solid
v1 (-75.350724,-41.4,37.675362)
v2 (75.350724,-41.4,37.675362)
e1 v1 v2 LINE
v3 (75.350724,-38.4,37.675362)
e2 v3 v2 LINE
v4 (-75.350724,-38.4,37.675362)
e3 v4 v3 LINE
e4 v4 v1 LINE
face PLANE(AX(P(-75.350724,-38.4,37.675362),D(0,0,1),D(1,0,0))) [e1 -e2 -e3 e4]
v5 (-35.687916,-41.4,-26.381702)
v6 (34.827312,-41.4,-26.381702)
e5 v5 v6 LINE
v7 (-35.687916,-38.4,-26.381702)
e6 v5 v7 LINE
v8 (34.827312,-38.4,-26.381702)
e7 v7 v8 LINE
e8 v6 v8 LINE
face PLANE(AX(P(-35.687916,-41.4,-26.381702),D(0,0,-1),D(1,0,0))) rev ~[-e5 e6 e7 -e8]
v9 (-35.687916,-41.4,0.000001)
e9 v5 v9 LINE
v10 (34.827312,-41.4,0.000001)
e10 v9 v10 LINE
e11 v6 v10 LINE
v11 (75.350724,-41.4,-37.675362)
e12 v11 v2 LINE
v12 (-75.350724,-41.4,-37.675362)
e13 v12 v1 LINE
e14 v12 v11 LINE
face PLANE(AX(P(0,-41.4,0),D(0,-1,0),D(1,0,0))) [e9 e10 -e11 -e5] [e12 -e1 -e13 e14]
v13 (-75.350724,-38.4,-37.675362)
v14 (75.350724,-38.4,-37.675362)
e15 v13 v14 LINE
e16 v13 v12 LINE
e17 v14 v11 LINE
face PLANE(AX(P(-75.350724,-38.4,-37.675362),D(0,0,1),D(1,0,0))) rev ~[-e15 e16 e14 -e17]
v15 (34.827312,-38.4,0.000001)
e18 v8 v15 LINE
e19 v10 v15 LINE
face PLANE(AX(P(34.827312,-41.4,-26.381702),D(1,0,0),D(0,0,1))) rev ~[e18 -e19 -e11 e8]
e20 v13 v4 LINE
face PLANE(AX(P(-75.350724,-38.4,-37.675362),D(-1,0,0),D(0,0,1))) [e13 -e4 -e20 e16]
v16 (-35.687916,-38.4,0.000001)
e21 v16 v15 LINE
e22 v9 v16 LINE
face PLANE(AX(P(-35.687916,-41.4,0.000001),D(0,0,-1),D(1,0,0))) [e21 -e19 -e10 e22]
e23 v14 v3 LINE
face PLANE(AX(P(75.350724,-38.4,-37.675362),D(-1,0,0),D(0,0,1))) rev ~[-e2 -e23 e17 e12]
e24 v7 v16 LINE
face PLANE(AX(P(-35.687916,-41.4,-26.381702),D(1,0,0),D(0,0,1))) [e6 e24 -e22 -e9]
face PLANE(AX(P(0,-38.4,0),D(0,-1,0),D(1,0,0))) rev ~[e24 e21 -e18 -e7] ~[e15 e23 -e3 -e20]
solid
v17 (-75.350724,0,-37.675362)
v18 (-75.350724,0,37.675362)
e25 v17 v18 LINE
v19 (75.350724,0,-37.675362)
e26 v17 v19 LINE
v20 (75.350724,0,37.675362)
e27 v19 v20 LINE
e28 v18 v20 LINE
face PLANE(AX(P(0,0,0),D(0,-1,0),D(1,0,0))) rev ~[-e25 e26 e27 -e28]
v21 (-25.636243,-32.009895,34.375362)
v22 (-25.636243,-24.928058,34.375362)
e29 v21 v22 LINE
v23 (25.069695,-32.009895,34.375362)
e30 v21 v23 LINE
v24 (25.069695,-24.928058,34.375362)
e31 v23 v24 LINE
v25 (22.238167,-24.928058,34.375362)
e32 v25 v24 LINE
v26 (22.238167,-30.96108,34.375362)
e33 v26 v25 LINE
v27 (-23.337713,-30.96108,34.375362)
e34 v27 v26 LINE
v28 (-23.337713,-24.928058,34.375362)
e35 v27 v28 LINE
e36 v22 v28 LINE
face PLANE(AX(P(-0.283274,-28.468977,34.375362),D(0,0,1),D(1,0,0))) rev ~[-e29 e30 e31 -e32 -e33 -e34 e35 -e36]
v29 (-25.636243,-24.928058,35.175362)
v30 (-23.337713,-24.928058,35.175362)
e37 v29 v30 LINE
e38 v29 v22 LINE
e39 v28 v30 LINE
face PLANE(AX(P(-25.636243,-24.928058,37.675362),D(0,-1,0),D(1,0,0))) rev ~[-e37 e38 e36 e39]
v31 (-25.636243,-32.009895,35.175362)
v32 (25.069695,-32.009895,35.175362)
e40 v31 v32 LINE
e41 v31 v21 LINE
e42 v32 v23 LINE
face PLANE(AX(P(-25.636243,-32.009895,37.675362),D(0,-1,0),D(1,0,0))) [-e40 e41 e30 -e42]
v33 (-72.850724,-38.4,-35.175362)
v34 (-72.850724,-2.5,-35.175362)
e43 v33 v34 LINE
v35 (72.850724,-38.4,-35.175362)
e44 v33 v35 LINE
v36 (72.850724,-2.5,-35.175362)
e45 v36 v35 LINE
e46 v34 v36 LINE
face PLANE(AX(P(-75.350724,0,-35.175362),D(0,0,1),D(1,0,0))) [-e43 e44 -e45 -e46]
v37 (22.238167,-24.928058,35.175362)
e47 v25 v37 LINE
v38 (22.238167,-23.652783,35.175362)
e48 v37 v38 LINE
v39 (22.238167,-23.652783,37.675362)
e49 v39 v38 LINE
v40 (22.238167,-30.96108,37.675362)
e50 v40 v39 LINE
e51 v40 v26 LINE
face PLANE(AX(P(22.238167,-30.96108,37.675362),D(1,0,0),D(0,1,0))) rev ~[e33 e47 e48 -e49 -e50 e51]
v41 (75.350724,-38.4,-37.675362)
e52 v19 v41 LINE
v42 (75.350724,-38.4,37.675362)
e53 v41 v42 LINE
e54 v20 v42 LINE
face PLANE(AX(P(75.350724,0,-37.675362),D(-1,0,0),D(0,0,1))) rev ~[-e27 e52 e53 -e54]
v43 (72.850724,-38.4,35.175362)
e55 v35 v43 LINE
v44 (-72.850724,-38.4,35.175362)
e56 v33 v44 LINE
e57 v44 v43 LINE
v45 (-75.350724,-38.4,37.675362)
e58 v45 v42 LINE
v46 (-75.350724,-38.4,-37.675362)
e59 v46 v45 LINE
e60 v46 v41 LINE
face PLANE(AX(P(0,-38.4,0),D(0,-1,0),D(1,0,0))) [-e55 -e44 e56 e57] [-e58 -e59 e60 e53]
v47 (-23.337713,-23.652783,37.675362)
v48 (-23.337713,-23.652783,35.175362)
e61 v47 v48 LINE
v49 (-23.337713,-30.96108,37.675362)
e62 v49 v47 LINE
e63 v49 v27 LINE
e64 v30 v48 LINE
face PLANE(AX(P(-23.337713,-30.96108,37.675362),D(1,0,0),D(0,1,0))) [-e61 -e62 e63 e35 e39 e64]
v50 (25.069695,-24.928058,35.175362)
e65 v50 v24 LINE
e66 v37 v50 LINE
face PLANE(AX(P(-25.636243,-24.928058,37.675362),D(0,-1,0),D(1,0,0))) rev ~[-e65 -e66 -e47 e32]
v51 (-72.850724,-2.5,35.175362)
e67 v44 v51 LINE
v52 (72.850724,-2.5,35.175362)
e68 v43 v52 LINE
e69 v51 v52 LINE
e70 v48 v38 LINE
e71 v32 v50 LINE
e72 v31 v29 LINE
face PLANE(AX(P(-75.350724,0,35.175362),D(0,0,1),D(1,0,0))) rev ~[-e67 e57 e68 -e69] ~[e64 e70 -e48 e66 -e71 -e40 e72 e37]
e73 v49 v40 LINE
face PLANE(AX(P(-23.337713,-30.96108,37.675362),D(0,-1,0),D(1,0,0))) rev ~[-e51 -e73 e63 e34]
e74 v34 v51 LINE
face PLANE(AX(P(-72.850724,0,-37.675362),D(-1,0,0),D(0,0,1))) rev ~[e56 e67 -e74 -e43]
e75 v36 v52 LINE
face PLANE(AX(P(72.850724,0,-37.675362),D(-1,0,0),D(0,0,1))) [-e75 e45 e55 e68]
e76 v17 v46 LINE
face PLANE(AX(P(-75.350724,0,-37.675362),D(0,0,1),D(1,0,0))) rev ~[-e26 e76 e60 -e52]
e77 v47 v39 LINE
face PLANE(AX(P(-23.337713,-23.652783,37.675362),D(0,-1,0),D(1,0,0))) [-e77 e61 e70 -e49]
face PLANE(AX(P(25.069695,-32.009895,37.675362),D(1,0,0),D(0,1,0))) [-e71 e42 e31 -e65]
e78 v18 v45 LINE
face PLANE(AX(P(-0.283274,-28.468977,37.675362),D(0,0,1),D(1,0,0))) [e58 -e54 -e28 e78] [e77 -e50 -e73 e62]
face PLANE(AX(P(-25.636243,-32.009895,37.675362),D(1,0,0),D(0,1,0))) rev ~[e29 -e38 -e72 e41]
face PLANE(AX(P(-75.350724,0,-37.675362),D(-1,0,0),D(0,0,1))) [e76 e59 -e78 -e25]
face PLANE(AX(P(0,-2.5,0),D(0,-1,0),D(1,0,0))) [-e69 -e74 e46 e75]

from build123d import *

# Parameters (mm, degrees)
F0_W      = 150.701448
F0_H      = 75.350724
F1_DEPTH  = 38.4
F2_T      = -2.5
F3_W      = 150.701448
F3_H      = 75.350724
F4_DEPTH  = 3
F5_W      = 70.515227
F5_H      = 26.381703
F6_DEPTH  = 12
F7_W      = 50.705938
F7_H      = 7.081837
F8_DEPTH  = 3.3
F9_W      = 45.575881
F9_H      = 7.308297
F10_DEPTH = 30.7


with BuildPart() as f1:
    # F0 (on Front) → F1 (new body)
    with BuildSketch(Plane.XZ):
        Rectangle(F0_W, F0_H)
    extrude(amount=F1_DEPTH)

    # F2
    f2_openings = [f1.faces().sort_by_distance(p)[0] for p in [
        (0, -38.4, 0),
    ]]
    offset(amount=F2_T, openings=f2_openings)

    # F7 (on face) → F8 (join)
    with BuildSketch(Plane.XY.offset(37.675362)):
        with Locations((-0.283274, -28.468977)):
            Rectangle(F7_W, F7_H)
    extrude(amount=-F8_DEPTH)

    # F9 (on face) → F10 (cut)
    with BuildSketch(Plane.XY.offset(37.675362)):
        with Locations((-0.549773, -27.306931)):
            Rectangle(F9_W, F9_H)
    extrude(amount=-F10_DEPTH, mode=Mode.SUBTRACT)


with BuildPart() as f4:
    # F3 (on face) → F4 (new body)
    with BuildSketch(Plane.XZ.offset(38.4)):
        Rectangle(F3_W, F3_H)
    extrude(amount=F4_DEPTH)

    # F5 (on face) → F6 (cut)
    with BuildSketch(Plane.XZ.offset(41.4)):
        with Locations((-0.430302, -13.190851)):
            Rectangle(F5_W, F5_H)
    extrude(amount=-F6_DEPTH, mode=Mode.SUBTRACT)


solid = Compound([f1.part, f4.part])
